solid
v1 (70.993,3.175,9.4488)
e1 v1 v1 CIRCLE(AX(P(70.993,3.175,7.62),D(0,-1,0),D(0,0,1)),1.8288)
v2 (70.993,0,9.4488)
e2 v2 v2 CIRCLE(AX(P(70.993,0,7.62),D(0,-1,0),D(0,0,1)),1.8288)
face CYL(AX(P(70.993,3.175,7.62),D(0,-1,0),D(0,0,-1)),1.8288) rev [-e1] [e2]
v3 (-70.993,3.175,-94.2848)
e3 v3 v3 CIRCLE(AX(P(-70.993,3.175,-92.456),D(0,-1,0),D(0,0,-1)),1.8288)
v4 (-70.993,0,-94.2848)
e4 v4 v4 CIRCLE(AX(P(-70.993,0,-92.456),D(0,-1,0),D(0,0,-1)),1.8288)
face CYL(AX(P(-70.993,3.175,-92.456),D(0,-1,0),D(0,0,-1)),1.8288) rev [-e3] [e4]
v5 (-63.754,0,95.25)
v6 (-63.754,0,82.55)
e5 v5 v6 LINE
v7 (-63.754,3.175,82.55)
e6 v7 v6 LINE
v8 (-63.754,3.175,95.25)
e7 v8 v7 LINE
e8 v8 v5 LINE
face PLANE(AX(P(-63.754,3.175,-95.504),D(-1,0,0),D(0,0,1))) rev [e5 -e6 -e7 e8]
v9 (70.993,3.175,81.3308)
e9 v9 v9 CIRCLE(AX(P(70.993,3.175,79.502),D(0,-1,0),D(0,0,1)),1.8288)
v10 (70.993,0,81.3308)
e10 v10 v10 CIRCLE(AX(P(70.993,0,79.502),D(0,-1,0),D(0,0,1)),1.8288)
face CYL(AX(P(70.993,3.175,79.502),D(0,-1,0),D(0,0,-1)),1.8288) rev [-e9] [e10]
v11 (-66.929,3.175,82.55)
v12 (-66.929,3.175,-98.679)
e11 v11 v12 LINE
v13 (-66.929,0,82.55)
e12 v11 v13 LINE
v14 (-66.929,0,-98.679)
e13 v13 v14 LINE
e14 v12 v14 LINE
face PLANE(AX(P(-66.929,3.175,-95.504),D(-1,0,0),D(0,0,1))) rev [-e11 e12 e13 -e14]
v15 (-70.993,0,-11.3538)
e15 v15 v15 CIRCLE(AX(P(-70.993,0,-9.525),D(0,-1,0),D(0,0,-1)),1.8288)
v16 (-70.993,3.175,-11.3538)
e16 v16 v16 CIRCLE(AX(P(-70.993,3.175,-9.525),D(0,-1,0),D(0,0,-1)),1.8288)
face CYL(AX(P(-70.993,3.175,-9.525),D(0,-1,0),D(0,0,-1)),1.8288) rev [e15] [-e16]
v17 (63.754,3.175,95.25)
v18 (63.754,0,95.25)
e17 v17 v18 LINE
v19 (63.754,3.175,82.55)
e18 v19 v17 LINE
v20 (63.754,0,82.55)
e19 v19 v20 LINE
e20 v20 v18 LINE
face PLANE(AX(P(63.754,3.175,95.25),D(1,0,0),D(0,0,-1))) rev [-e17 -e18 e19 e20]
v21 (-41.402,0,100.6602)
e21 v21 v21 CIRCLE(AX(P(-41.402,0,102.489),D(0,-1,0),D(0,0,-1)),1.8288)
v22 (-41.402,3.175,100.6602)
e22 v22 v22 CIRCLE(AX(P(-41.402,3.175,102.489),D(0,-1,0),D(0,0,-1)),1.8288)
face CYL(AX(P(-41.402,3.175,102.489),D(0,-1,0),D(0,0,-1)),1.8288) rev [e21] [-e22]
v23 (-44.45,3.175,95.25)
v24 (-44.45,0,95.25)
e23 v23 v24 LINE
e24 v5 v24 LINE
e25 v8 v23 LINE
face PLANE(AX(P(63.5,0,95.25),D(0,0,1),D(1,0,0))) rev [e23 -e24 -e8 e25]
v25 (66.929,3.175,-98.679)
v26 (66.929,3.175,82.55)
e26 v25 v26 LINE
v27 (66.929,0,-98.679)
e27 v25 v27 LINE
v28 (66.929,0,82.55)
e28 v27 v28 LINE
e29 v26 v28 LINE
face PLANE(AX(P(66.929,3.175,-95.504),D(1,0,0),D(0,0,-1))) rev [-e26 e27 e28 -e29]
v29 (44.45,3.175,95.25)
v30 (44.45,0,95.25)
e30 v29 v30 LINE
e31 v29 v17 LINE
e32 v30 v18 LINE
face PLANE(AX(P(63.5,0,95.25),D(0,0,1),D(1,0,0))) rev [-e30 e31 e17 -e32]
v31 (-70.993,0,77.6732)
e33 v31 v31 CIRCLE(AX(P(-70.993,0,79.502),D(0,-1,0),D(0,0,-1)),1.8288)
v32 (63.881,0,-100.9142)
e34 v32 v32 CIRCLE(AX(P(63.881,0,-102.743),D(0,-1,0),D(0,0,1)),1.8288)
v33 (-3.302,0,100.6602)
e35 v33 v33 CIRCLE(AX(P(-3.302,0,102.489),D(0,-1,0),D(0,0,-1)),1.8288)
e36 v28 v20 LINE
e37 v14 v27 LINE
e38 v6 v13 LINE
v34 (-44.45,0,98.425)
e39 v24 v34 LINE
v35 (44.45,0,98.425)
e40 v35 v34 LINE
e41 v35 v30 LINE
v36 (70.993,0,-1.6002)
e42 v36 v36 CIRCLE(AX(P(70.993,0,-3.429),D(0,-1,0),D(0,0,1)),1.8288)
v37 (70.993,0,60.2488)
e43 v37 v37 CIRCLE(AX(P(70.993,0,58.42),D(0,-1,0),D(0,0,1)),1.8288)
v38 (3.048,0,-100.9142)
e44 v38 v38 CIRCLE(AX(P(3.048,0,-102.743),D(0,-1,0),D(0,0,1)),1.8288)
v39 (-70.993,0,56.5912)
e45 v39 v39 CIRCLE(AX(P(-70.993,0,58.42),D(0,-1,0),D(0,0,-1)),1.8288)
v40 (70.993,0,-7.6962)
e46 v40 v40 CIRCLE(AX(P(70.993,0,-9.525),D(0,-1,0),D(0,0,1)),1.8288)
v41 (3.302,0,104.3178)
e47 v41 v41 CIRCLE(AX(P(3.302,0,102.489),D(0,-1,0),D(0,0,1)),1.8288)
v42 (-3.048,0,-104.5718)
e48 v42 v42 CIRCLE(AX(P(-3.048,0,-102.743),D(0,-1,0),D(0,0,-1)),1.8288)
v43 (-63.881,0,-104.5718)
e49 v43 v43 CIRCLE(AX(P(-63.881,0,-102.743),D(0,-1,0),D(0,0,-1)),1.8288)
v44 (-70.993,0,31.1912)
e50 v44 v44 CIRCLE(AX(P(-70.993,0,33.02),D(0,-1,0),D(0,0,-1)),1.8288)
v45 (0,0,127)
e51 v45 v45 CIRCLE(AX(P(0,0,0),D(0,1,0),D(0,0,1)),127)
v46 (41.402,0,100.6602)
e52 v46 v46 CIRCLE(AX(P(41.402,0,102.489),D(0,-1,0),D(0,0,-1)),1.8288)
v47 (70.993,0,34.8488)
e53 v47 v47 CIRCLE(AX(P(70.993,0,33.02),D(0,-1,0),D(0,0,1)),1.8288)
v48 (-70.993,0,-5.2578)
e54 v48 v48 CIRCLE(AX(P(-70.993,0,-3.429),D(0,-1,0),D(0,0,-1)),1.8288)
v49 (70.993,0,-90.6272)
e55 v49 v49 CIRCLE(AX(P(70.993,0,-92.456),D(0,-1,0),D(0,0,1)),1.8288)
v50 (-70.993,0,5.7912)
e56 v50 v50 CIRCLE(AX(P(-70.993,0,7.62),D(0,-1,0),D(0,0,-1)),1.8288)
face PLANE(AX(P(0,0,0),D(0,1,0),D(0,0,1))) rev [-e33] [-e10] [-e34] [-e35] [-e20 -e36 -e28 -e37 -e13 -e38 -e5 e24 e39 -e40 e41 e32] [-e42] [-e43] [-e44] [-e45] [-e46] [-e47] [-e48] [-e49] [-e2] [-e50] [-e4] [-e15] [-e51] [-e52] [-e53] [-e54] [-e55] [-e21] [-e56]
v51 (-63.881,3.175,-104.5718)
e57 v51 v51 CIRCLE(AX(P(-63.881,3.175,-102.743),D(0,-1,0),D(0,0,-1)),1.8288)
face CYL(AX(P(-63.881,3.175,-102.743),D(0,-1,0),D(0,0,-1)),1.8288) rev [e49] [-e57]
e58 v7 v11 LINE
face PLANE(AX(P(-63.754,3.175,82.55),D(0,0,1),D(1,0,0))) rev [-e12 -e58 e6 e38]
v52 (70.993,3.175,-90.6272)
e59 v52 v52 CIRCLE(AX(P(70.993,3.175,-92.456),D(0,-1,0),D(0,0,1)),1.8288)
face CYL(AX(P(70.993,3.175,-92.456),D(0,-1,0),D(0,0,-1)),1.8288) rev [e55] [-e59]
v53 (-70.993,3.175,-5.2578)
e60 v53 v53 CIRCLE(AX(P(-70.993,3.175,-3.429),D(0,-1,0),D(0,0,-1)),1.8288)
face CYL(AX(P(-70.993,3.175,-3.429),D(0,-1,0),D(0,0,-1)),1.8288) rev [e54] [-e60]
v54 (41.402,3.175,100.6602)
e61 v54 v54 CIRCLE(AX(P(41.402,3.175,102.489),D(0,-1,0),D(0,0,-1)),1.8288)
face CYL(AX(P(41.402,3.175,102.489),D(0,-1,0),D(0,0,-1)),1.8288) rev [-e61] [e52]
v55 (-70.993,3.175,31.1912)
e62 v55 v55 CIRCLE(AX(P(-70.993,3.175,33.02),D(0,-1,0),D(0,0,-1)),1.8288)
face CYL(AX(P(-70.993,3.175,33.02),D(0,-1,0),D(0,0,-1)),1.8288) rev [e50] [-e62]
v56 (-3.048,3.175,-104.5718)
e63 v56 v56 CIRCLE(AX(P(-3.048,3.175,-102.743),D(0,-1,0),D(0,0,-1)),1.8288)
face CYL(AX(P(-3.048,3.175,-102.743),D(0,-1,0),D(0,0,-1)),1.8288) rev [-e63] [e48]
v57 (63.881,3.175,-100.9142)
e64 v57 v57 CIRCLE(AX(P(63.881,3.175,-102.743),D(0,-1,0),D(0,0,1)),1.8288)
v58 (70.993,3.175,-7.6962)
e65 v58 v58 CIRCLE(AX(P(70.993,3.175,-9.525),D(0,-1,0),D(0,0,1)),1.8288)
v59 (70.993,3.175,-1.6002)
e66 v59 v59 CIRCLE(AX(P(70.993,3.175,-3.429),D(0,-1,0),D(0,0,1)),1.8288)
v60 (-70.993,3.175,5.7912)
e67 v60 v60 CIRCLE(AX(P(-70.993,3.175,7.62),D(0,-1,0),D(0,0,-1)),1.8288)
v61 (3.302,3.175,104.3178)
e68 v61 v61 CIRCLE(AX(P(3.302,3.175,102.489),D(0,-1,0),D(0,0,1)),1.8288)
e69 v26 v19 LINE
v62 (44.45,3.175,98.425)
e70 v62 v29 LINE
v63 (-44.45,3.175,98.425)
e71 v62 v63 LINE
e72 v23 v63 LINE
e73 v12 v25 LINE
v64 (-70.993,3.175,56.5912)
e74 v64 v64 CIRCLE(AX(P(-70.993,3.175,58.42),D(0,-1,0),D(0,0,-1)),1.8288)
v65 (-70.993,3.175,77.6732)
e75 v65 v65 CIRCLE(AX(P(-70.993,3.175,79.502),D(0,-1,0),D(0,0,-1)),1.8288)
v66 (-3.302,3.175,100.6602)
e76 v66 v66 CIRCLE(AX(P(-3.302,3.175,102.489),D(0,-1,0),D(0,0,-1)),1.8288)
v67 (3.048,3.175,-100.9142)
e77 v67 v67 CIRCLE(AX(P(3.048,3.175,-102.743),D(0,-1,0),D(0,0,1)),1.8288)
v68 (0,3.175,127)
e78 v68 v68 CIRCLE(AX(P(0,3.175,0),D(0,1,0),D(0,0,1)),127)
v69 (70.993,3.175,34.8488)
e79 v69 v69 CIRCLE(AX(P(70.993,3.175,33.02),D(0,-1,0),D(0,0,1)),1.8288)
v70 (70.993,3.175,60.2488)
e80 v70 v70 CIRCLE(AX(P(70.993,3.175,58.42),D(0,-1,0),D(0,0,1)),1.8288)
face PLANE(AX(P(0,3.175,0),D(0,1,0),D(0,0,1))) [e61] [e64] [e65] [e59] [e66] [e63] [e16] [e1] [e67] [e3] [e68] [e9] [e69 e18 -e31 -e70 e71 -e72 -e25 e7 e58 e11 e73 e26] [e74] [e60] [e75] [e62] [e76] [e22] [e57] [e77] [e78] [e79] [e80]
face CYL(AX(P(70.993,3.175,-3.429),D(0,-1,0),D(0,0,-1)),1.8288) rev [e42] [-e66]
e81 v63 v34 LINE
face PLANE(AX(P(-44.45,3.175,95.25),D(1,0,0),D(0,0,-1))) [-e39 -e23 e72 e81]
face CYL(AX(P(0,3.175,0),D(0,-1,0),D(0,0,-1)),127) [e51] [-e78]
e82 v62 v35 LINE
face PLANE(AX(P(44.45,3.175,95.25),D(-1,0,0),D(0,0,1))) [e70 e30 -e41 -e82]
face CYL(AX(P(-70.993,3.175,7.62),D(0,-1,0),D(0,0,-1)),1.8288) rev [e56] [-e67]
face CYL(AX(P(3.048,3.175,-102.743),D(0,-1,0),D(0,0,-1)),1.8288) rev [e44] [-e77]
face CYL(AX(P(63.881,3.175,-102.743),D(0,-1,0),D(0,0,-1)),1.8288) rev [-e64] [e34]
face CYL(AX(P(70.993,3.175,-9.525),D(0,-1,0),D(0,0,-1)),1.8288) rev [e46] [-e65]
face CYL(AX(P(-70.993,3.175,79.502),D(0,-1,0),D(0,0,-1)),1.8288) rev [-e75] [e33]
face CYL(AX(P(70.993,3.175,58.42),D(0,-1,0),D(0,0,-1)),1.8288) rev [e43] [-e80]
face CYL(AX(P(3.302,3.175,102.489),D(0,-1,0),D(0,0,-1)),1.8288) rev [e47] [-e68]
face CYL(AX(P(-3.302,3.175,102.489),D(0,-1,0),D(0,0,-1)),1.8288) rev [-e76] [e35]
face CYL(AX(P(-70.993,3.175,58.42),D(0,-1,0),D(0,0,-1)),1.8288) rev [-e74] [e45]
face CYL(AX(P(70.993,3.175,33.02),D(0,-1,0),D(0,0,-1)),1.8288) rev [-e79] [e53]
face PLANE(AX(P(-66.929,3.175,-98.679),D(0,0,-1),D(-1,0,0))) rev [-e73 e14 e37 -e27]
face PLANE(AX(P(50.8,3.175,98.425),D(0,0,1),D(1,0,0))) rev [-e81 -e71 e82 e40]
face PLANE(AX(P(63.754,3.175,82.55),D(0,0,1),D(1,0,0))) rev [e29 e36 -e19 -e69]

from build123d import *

# Parameters (mm, degrees)
SKETCH1_R           = 127
BOSS_EXTRUDE1_DEPTH = 3.175
SKETCH2_W           = 127
SKETCH2_H           = 190.5
CUT_EXTRUDE1_DEPTH  = 3.175
SKETCH3_W           = 114.3
SKETCH3_H           = 32.385
BOSS_EXTRUDE2_DEPTH = 3.175
SKETCH4_W           = 101.6
SKETCH4_H           = 6.35
CUT_EXTRUDE2_DEPTH  = 3.175
SKETCH5_W           = 101.6
SKETCH5_H           = 3.175
BOSS_EXTRUDE5_DEPTH = 3.175
SKETCH6_W           = 114.3
SKETCH6_H           = 32.385
CUT_EXTRUDE3_DEPTH  = 4.175
SKETCH7_R           = 1.8288
CUT_EXTRUDE4_DEPTH  = 4.175
SKETCH8_W           = 6.35
SKETCH8_H           = 3.175
BOSS_EXTRUDE6_DEPTH = 3.175
SKETCH9_R           = 1.8288
CUT_EXTRUDE5_DEPTH  = 3.175
SKETCH10_R          = 1.8288
BOSS_EXTRUDE7_DEPTH = 3.175
CUT_EXTRUDE6_DEPTH  = 4.175
SKETCH13_W          = 3.175
SKETCH13_H          = 178.054
CUT_EXTRUDE8_DEPTH  = 4.175
SKETCH14_R          = 1.8288
CUT_EXTRUDE9_DEPTH  = 4.175
SKETCH15_W          = 133.858
SKETCH15_H          = 3.175
CUT_EXTRUDE10_DEPTH = 4.175
SKETCH16_R          = 1.8288
CUT_EXTRUDE11_DEPTH = 4.175
SKETCH17_R          = 1.8288
CUT_EXTRUDE12_DEPTH = 4.175


with BuildPart() as part:
    # Sketch1 → Boss-Extrude1 (new body)
    with BuildSketch(Plane(origin=(0, 0, 0), x_dir=(1, 0, 0), z_dir=(0, 1, 0))):
        Circle(SKETCH1_R)
    extrude(amount=BOSS_EXTRUDE1_DEPTH)

    # Sketch2 → Cut-Extrude1 (cut)
    with BuildSketch(Plane(origin=(0, 3.175, 0), x_dir=(1, 0, 0), z_dir=(0, 1, 0))):
        Rectangle(SKETCH2_W, SKETCH2_H)
    extrude(amount=-CUT_EXTRUDE1_DEPTH, mode=Mode.SUBTRACT)

    # Sketch3 → Boss-Extrude2 (add)
    with BuildSketch(Plane(origin=(0, 3.175, 0), x_dir=(1, 0, 0), z_dir=(0, 1, 0))):
        with Locations((0, -79.0575)):
            Rectangle(SKETCH3_W, SKETCH3_H)
    extrude(amount=-BOSS_EXTRUDE2_DEPTH)

    # Sketch4 → Cut-Extrude2 (cut)
    with BuildSketch(Plane.XZ):
        with Locations((0, 95.25)):
            Rectangle(SKETCH4_W, SKETCH4_H)
    extrude(amount=-CUT_EXTRUDE2_DEPTH, mode=Mode.SUBTRACT)

    # Sketch5 → Boss-Extrude5 (add, through all)
    with BuildSketch(Plane.XZ):
        with Locations((0, 93.6625)):
            Rectangle(SKETCH5_W, SKETCH5_H)
    extrude(amount=-BOSS_EXTRUDE5_DEPTH)

    # Sketch6 → Cut-Extrude3 (cut, through all)
    with BuildSketch(Plane.XZ):
        with Locations((0, 79.0575)):
            Rectangle(SKETCH6_W, SKETCH6_H)
    extrude(amount=-CUT_EXTRUDE3_DEPTH, mode=Mode.SUBTRACT)

    # Sketch7 → Cut-Extrude4 (cut, through all)
    with BuildSketch(Plane.XZ):
        with Locations((-47.752, 102.489)):
            Circle(SKETCH7_R)
        with Locations((-3.302, 102.489)):
            Circle(SKETCH7_R)
        with Locations((3.302, 102.489)):
            Circle(SKETCH7_R)
        with Locations((47.752, 102.489)):
            Circle(SKETCH7_R)
    extrude(amount=-CUT_EXTRUDE4_DEPTH, mode=Mode.SUBTRACT)

    # Sketch8 → Boss-Extrude6 (add)
    with BuildSketch(Plane.XZ):
        with Locations((-47.625, 96.8375)):
            Rectangle(SKETCH8_W, SKETCH8_H)
        with Locations((47.625, 96.8375)):
            Rectangle(SKETCH8_W, SKETCH8_H)
    extrude(amount=-BOSS_EXTRUDE6_DEPTH)

    # Sketch9 → Cut-Extrude5 (cut)
    with BuildSketch(Plane.XZ):
        with Locations((-41.402, 102.489)):
            Circle(SKETCH9_R)
        with Locations((41.402, 102.489)):
            Circle(SKETCH9_R)
    extrude(amount=-CUT_EXTRUDE5_DEPTH, mode=Mode.SUBTRACT)

    # Sketch10 → Boss-Extrude7 (add)
    with BuildSketch(Plane.XZ):
        with Locations((-47.752, 102.489)):
            Circle(SKETCH10_R)
        with Locations((47.752, 102.489)):
            Circle(SKETCH10_R)
    extrude(amount=-BOSS_EXTRUDE7_DEPTH)

    # Sketch11 → Cut-Extrude6 (cut, through all)
    with BuildSketch(Plane.XZ):
        Polygon((-63.754, 95.25), (-63.5, 95.25), (-63.5, -95.25), (63.5, -95.25), (63.5, 95.25), (63.754, 95.25), (63.754, -95.504), (-63.754, -95.504), align=None)
    extrude(amount=-CUT_EXTRUDE6_DEPTH, mode=Mode.SUBTRACT)

    # Sketch13 → Cut-Extrude8 (cut, through all)
    with BuildSketch(Plane.XZ):
        with Locations((-65.3415, -6.477)):
            Rectangle(SKETCH13_W, SKETCH13_H)
        with Locations((65.3415, -6.477)):
            Rectangle(SKETCH13_W, SKETCH13_H)
    extrude(amount=-CUT_EXTRUDE8_DEPTH, mode=Mode.SUBTRACT)

    # Sketch14 → Cut-Extrude9 (cut, through all)
    with BuildSketch(Plane.XZ):
        with Locations((-70.993, 79.502)):
            Circle(SKETCH14_R)
        with Locations((-70.993, -92.456)):
            Circle(SKETCH14_R)
        with Locations((-70.993, -3.429)):
            Circle(SKETCH14_R)
        with Locations((-70.993, -9.525)):
            Circle(SKETCH14_R)
        with Locations((70.993, -92.456)):
            Circle(SKETCH14_R)
        with Locations((70.993, -9.525)):
            Circle(SKETCH14_R)
        with Locations((70.993, -3.429)):
            Circle(SKETCH14_R)
        with Locations((70.993, 79.502)):
            Circle(SKETCH14_R)
    extrude(amount=-CUT_EXTRUDE9_DEPTH, mode=Mode.SUBTRACT)

    # Sketch15 → Cut-Extrude10 (cut, through all)
    with BuildSketch(Plane.XZ):
        with Locations((0, -97.0915)):
            Rectangle(SKETCH15_W, SKETCH15_H)
    extrude(amount=-CUT_EXTRUDE10_DEPTH, mode=Mode.SUBTRACT)

    # Sketch16 → Cut-Extrude11 (cut, through all)
    with BuildSketch(Plane.XZ):
        with Locations((-63.881, -102.743)):
            Circle(SKETCH16_R)
        with Locations((-3.048, -102.743)):
            Circle(SKETCH16_R)
        with Locations((3.048, -102.743)):
            Circle(SKETCH16_R)
        with Locations((63.881, -102.743)):
            Circle(SKETCH16_R)
    extrude(amount=-CUT_EXTRUDE11_DEPTH, mode=Mode.SUBTRACT)

    # Sketch17 → Cut-Extrude12 (cut, through all)
    with BuildSketch(Plane.XZ):
        with Locations((-70.993, 7.62)):
            Circle(SKETCH17_R)
        with Locations((-70.993, 58.42)):
            Circle(SKETCH17_R)
        with Locations((-70.993, 33.02)):
            Circle(SKETCH17_R)
        with Locations((70.993, 58.42)):
            Circle(SKETCH17_R)
        with Locations((70.993, 7.62)):
            Circle(SKETCH17_R)
        with Locations((70.993, 33.02)):
            Circle(SKETCH17_R)
    extrude(amount=-CUT_EXTRUDE12_DEPTH, mode=Mode.SUBTRACT)


solid = part.part
